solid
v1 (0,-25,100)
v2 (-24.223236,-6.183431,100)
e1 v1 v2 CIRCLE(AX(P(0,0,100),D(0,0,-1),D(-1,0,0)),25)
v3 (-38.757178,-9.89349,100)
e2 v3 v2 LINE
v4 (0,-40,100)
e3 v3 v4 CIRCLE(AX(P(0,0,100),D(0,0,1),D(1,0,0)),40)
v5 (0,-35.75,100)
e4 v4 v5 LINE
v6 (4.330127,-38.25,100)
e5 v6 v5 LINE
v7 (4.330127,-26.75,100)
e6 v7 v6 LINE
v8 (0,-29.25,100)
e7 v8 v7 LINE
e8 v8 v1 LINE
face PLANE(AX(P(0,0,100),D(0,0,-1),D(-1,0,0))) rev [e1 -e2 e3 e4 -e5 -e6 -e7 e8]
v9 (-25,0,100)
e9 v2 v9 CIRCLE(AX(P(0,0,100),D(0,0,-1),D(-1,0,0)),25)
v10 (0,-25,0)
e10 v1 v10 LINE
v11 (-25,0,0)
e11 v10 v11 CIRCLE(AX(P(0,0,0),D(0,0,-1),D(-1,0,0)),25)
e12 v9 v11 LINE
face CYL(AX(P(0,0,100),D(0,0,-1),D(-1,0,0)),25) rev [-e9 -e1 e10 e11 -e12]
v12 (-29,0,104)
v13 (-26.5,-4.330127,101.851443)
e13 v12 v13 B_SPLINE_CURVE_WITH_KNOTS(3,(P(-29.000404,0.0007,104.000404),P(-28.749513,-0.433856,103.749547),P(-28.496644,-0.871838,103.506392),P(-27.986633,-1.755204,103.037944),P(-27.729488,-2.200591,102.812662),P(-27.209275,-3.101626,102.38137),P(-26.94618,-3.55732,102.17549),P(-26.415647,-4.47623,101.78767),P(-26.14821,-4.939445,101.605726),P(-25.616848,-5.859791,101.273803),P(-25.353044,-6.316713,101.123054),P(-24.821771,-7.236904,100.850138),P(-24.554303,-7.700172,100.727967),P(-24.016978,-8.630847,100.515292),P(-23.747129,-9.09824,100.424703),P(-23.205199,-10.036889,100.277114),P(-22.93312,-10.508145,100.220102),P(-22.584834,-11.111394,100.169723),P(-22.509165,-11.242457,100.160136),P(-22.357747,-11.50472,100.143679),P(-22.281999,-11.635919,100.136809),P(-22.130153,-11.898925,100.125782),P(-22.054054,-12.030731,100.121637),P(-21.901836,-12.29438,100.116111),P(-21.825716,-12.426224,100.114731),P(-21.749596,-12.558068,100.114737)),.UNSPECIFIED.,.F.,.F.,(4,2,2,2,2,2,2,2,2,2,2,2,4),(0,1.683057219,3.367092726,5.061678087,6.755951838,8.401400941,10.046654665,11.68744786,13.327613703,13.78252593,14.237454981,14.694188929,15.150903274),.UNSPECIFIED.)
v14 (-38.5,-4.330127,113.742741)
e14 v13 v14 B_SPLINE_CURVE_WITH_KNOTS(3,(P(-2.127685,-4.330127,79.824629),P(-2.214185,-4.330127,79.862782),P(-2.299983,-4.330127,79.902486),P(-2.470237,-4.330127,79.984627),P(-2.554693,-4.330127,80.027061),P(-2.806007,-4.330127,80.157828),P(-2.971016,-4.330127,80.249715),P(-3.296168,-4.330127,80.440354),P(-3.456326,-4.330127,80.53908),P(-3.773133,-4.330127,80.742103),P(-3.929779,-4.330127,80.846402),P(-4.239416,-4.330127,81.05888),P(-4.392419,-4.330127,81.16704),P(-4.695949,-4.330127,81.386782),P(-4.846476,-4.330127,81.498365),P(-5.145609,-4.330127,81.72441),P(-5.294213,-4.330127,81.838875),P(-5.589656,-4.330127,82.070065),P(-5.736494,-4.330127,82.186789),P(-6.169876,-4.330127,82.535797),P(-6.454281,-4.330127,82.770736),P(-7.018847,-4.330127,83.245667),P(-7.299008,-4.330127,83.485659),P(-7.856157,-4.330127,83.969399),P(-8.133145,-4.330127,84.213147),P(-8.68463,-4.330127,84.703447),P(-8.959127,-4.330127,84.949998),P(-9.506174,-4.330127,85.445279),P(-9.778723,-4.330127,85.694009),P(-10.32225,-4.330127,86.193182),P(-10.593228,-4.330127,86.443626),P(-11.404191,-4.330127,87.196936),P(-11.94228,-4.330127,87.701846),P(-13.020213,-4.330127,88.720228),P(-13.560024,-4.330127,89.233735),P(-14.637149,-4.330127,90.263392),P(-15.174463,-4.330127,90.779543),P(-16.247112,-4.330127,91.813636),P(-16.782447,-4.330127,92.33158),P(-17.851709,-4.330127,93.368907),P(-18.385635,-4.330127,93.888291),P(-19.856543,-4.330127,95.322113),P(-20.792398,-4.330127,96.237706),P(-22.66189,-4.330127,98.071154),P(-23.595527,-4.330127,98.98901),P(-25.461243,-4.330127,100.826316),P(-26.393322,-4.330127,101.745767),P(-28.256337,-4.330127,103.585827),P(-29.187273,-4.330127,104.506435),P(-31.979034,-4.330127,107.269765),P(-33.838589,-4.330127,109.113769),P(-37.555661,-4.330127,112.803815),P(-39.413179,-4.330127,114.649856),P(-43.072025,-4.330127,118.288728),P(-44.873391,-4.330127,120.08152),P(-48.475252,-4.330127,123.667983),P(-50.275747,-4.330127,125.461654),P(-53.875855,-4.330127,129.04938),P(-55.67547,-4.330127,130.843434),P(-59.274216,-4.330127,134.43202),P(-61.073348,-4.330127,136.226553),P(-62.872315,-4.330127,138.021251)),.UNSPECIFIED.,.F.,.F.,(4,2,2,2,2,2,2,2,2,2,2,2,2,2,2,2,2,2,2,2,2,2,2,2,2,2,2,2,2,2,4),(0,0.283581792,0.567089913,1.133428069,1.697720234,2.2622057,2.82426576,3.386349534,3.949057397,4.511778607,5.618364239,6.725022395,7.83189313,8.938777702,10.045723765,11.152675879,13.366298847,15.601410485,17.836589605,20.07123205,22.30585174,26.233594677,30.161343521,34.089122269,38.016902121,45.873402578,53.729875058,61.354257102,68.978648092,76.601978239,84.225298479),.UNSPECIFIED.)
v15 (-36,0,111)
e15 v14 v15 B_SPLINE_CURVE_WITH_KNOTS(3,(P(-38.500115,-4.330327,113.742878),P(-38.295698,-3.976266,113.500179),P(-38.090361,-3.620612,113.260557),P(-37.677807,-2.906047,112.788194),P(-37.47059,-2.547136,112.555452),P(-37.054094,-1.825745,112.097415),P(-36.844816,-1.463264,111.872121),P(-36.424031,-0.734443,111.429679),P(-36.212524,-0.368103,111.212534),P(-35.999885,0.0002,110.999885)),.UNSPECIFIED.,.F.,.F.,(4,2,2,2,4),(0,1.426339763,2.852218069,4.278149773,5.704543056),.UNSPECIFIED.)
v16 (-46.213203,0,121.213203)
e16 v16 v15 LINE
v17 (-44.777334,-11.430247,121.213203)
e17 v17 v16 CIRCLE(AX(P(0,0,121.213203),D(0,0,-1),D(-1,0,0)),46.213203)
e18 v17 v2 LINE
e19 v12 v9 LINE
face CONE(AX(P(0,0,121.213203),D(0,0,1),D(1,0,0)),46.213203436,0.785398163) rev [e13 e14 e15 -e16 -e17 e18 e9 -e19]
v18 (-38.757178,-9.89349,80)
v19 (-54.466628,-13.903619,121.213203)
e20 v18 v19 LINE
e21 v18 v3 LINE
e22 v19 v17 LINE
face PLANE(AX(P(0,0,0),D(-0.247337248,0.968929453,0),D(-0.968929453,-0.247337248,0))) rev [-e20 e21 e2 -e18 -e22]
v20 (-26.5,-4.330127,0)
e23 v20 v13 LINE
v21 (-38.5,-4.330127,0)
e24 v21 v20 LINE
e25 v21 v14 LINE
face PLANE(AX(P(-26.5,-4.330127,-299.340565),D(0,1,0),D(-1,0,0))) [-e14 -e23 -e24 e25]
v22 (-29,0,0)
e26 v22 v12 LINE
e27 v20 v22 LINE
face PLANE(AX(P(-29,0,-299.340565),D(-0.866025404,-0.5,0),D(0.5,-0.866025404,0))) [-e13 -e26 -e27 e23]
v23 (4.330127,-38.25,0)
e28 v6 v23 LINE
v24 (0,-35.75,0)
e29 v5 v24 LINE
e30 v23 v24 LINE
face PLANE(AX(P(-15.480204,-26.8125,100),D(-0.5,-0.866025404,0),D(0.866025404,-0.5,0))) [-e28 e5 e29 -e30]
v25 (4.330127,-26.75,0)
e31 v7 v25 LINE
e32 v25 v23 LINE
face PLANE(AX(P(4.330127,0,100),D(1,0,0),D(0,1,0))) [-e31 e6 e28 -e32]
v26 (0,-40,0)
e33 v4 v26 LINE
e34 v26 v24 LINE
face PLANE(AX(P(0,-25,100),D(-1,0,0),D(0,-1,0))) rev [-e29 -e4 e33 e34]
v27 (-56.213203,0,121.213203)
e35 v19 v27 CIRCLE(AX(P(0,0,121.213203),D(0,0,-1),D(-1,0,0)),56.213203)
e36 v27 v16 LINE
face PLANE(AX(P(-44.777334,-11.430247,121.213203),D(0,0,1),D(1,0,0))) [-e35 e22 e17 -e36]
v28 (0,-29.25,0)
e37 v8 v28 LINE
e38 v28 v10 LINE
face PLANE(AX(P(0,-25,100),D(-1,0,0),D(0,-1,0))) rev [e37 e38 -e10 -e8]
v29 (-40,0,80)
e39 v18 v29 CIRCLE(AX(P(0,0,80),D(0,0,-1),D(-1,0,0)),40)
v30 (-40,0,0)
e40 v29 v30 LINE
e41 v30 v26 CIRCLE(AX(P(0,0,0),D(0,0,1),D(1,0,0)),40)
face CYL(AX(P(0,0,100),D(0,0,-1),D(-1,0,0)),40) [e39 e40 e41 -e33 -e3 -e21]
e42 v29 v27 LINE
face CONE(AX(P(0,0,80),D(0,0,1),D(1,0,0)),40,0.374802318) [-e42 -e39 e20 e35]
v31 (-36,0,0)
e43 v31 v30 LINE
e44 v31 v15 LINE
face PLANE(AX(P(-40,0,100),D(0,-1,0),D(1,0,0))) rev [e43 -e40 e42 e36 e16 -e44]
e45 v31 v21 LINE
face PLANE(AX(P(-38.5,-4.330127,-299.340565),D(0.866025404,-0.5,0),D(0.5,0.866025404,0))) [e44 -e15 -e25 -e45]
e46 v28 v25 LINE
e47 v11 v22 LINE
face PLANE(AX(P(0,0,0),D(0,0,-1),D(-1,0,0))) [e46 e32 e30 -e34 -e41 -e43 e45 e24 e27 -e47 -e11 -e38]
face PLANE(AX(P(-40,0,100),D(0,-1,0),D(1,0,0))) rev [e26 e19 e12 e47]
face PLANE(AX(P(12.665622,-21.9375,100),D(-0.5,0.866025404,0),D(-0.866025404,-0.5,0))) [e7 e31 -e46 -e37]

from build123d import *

# Parameters (mm, degrees)
BOSS_EXTRUDE2_DEPTH     = 100
REVOLVE1_ANGLE          = 14.32
CUT_EXTRUDE2_DEPTH      = 140.472452218
CUT_EXTRUDE2_DEPTH_BACK = 140.472452218
BOSS_EXTRUDE4_DEPTH     = 100


with BuildPart() as part:
    # Sketch1 → Boss-Extrude2 (new body)
    with BuildSketch(Plane.XY):
        with BuildLine():
            Line((-40, 0), (-25, 0))
            ThreePointArc((-25, 0), (-17.67766953, -17.67766953), (0, -25))
            Line((0, -25), (0, -40))
            ThreePointArc((0, -40), (-28.284271247, -28.284271247), (-40, 0))
        make_face()
    extrude(amount=BOSS_EXTRUDE2_DEPTH)

    # Sketch2 → Revolve1 (revolve)
    with BuildSketch(Plane(origin=(0, 0, 0), x_dir=(1, 0, 0), z_dir=(0, 1, 0))):
        Polygon((-25, -100), (-46.213203436, -121.213203436), (-56.213203436, -121.213203436), (-40, -80), align=None)
    revolve(axis=Axis((0, 0, 0), (0, 0, 1)), revolution_arc=REVOLVE1_ANGLE)

    # Sketch4 → Cut-Extrude2 (cut, two sides: drawn at the far end of the back side and taken through both)
    with BuildSketch(Plane(origin=(0, 0, 0), x_dir=(-1, 0, 0), z_dir=(0, 0, -1)).offset(-CUT_EXTRUDE2_DEPTH_BACK)):
        Polygon((-98.13708499, 0), (25, 0), (29, 0), (26.5, -4.330127019), (38.5, -4.330127019), (36, 0), (40, 0), (163.13708499, 0), (163.13708499, 246.27416998), (-98.13708499, 246.27416998), align=None)
    extrude(amount=CUT_EXTRUDE2_DEPTH + CUT_EXTRUDE2_DEPTH_BACK, mode=Mode.SUBTRACT)

    # Sketch5 → Boss-Extrude4 (add)
    with BuildSketch(Plane(origin=(0, 0, 0), x_dir=(-1, 0, 0), z_dir=(0, 0, -1))):
        Polygon((0, -35.75), (0, -29.25), (-4.330127019, -26.75), (-4.330127019, -38.25), align=None)
    extrude(amount=-BOSS_EXTRUDE4_DEPTH)


solid = part.part
